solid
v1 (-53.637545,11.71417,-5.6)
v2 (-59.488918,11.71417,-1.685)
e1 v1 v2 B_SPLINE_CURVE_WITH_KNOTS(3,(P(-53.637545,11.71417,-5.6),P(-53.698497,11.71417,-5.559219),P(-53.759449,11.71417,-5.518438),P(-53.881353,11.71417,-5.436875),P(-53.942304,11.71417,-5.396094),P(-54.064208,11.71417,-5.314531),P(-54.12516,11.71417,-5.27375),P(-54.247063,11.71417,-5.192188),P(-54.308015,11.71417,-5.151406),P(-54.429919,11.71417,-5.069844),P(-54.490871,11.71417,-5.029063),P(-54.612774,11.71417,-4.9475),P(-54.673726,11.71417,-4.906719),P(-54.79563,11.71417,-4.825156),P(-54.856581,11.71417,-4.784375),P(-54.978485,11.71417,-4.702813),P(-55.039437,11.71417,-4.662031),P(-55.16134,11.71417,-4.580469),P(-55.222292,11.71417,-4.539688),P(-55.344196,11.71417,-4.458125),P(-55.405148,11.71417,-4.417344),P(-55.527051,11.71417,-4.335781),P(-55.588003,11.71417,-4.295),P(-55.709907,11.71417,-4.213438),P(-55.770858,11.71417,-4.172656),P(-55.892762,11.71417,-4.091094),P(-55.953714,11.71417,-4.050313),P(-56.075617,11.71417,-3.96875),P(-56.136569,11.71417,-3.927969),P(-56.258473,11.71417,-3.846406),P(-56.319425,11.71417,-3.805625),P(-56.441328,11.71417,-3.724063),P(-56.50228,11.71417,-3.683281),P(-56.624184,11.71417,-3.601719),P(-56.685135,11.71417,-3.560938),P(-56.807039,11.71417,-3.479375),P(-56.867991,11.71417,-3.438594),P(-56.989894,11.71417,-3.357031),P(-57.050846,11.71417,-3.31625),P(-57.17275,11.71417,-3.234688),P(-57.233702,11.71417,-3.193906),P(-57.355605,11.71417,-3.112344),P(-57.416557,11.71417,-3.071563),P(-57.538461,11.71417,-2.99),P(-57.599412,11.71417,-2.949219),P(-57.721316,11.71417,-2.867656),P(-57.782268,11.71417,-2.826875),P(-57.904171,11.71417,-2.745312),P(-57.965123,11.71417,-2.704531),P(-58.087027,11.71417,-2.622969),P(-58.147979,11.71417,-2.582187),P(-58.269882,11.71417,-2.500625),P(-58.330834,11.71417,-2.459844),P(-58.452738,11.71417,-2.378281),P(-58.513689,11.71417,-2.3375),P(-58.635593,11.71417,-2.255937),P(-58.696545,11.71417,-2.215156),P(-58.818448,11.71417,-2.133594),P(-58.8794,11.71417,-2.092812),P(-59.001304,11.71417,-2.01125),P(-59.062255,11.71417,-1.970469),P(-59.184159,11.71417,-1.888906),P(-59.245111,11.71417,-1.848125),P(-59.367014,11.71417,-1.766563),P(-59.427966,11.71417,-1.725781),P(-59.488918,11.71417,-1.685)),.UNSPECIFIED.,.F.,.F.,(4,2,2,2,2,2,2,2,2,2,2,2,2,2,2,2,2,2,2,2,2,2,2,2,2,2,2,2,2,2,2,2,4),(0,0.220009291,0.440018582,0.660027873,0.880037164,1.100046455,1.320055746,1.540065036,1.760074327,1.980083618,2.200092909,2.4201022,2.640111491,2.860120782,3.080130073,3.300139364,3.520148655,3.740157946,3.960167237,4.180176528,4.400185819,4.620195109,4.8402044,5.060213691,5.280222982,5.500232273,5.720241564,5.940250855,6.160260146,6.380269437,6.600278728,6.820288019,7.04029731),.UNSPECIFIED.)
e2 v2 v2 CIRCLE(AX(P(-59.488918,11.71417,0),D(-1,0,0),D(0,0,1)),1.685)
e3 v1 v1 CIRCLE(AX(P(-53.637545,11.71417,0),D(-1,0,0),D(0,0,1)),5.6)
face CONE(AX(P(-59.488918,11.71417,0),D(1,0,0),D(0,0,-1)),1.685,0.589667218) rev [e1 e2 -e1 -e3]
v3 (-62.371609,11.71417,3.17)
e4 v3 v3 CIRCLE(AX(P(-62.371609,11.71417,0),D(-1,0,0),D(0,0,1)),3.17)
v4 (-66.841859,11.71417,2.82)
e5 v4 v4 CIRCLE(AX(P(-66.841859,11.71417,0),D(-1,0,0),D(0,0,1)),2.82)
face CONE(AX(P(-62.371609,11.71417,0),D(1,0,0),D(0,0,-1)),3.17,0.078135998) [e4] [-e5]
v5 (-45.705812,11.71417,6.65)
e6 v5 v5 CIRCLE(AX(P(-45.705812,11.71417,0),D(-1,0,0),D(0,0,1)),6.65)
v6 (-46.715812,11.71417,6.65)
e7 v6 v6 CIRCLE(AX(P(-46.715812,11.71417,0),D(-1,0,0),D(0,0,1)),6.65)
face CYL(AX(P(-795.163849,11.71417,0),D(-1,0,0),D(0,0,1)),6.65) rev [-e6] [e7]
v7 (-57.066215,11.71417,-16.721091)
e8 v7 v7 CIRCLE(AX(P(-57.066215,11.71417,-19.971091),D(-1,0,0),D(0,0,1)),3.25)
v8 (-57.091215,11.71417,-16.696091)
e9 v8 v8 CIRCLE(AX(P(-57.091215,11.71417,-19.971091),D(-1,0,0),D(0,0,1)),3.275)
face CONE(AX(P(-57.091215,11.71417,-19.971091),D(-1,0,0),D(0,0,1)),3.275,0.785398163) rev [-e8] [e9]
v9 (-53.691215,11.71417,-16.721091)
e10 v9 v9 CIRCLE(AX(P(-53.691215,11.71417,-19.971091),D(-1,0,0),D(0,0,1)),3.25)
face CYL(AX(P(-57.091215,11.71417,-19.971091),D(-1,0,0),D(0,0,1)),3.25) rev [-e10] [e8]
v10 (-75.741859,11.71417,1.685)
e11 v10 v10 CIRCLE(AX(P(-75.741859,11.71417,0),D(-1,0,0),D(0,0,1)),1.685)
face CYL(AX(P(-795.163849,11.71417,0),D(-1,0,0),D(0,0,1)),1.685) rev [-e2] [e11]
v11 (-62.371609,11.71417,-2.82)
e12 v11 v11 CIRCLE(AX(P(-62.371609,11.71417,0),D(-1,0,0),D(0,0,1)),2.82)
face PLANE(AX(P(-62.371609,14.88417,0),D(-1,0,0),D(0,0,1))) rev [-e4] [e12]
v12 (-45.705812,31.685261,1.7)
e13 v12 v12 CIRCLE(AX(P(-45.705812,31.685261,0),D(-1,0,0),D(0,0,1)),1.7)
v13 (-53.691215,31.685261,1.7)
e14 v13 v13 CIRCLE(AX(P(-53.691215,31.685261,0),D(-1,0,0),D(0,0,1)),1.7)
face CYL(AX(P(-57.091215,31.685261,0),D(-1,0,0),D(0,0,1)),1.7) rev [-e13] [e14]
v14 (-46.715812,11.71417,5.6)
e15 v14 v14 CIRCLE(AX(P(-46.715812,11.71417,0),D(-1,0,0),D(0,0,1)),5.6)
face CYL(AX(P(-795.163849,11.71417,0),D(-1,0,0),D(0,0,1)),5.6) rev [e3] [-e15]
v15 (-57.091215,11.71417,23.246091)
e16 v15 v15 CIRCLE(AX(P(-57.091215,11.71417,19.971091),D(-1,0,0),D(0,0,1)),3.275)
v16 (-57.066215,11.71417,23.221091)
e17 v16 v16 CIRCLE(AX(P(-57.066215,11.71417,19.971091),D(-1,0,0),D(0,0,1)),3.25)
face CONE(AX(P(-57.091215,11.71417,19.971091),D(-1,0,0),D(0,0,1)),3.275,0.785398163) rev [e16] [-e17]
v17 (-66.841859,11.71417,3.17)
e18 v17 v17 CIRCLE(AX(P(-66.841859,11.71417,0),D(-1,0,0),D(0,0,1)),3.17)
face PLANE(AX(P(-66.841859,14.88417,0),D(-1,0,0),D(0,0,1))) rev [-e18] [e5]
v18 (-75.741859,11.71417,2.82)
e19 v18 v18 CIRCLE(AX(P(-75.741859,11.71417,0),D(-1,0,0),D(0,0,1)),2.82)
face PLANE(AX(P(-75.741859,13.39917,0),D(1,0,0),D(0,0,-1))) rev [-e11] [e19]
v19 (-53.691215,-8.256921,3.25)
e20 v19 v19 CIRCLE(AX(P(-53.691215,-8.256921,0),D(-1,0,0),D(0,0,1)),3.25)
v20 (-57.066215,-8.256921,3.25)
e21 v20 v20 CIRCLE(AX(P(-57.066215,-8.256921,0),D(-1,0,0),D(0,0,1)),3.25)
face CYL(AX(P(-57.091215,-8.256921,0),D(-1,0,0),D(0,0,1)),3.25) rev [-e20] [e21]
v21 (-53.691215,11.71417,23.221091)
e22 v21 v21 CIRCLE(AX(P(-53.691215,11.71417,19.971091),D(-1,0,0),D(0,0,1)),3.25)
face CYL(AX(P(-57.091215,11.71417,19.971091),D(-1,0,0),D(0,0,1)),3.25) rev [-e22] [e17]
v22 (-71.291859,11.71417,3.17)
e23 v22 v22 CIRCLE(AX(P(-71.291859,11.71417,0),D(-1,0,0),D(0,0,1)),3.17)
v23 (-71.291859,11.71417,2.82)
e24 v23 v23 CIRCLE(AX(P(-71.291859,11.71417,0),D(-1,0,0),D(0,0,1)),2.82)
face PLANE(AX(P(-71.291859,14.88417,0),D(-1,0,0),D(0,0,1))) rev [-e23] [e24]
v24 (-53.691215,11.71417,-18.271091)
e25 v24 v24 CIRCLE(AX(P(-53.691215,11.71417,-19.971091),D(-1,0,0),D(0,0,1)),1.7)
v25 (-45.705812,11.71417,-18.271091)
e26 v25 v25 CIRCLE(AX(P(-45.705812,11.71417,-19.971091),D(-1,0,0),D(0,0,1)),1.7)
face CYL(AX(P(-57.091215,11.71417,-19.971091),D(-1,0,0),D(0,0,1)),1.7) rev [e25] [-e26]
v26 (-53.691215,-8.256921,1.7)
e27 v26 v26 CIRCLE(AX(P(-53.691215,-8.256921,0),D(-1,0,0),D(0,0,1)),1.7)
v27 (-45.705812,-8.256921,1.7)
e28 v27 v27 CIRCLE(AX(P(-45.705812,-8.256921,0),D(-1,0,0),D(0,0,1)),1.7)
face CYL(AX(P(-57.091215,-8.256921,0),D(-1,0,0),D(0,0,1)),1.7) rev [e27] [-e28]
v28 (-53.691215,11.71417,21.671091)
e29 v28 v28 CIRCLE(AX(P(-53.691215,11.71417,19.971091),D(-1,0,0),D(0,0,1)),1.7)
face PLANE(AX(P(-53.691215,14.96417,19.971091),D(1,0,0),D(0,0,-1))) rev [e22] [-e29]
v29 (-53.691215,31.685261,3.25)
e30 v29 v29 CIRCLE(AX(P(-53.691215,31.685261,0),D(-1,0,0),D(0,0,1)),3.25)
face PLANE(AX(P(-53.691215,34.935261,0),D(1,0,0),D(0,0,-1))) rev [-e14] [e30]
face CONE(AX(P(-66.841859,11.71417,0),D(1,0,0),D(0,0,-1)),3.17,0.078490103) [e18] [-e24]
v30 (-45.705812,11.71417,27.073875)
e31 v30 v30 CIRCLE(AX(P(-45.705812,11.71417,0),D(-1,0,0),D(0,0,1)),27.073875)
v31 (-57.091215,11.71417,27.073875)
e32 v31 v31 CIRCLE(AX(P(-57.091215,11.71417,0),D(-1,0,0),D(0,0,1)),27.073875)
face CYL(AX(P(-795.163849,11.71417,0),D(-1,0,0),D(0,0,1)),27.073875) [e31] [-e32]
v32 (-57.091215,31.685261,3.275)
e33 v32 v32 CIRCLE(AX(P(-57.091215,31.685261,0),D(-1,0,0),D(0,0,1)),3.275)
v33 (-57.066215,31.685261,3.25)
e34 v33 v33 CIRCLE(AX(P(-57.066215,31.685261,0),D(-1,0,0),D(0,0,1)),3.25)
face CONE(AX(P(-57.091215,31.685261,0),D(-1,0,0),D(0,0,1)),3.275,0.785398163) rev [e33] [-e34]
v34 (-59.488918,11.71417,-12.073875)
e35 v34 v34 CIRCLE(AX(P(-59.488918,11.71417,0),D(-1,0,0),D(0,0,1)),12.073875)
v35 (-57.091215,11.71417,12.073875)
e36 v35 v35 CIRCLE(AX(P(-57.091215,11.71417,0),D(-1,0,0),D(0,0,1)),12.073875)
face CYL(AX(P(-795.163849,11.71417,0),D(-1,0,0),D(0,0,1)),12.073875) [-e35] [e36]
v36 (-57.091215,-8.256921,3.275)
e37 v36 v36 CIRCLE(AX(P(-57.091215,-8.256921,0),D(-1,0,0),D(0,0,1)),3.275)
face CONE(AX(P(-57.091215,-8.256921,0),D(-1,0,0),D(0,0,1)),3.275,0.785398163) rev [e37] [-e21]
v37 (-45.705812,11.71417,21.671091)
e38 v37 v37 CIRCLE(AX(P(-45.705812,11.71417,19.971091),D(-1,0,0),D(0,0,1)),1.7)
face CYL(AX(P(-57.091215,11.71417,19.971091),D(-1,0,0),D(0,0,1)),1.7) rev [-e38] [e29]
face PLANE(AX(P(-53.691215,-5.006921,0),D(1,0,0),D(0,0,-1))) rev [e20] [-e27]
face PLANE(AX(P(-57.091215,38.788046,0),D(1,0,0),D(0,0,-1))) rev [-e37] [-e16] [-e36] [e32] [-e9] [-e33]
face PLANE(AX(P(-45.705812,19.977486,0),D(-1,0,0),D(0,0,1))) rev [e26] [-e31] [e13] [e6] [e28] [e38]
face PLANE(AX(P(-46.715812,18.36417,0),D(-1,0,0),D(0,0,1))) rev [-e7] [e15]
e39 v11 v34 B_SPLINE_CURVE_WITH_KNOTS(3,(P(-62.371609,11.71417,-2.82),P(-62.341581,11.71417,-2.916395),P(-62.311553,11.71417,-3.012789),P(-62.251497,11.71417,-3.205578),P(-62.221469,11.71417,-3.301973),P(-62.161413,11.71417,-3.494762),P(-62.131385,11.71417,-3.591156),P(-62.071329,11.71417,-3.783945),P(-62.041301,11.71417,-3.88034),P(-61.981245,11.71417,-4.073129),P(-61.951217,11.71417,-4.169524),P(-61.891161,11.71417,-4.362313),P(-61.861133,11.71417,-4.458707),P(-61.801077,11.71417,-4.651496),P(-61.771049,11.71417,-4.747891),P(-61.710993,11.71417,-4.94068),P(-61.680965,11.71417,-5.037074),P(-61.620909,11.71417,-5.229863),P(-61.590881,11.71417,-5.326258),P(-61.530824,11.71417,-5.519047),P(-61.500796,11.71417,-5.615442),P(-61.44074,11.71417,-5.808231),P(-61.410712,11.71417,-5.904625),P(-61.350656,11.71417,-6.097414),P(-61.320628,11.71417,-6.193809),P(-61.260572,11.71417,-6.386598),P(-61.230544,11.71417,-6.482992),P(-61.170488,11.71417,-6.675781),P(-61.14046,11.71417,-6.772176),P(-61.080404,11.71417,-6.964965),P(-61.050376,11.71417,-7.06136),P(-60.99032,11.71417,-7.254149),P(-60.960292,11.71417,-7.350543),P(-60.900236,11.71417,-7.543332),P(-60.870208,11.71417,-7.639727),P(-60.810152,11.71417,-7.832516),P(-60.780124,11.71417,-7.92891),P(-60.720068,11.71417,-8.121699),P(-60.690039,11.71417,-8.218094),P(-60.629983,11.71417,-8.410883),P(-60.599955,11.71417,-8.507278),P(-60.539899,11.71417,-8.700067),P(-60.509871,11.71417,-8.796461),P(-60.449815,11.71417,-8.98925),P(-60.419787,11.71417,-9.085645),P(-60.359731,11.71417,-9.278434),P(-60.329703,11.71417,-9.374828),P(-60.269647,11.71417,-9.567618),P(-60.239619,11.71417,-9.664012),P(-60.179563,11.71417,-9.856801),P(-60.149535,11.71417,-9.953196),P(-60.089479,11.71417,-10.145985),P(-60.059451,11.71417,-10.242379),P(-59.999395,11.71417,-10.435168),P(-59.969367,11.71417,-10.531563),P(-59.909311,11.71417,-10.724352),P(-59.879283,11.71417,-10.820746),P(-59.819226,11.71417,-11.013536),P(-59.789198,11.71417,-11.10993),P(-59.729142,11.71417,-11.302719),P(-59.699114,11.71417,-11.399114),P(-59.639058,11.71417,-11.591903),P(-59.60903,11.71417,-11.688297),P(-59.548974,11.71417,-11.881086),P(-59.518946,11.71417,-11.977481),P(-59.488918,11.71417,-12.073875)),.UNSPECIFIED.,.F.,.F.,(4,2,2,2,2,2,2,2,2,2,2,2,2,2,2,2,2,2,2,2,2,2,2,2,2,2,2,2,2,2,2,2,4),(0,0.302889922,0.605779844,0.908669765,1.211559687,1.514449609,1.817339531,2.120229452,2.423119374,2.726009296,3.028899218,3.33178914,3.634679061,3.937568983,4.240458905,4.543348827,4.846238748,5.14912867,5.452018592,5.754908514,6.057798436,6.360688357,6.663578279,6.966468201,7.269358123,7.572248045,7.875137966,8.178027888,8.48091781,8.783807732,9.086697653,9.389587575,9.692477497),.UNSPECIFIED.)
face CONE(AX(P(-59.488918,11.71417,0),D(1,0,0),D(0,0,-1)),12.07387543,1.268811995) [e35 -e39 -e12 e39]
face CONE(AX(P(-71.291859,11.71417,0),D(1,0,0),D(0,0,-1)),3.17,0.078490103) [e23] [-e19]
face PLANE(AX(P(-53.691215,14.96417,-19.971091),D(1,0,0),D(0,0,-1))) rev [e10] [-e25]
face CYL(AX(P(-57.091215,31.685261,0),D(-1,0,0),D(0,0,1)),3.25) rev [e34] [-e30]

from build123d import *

# Parameters (mm, degrees)
CBORE_FOR_M3_HEX_SOCKET_HEAD_CAP_SCR_2_COUNT = 2
CBORE_FOR_M3_HEX_SOCKET_HEAD_CAP_SCR_2_PITCH = 28.243387552
CBORE_FOR_M3_HEX_SOCKET_HEAD_CAP_SCR_3_COUNT = 2
CBORE_FOR_M3_HEX_SOCKET_HEAD_CAP_SCR_3_PITCH = 39.942181723
CBORE_FOR_M3_HEX_SOCKET_HEAD_CAP_SCR_4_COUNT = 2
CBORE_FOR_M3_HEX_SOCKET_HEAD_CAP_SCR_4_PITCH = 28.243387552


with BuildPart() as part:
    # Sketch1 → Revolve17 (revolve)
    with BuildSketch(Plane.XY, mode=Mode.PRIVATE) as revolve17_sk:
        Polygon((-71.291859268, 14.884170222), (-71.291859268, 14.534170222), (-66.841859268, 14.884170222), (-66.841859268, 14.534170222), (-62.371609448, 14.884170222), (-62.371609448, 14.534170222), (-59.488918076, 23.788045652), (-57.091214807, 23.788045652), (-57.091214807, 38.788045652), (-45.705811648, 38.788045652), (-45.705811648, 19.977485582), (-45.705811648, 18.364170222), (-46.715811648, 18.364170222), (-46.715811648, 17.314170222), (-53.637545484, 17.314170222), (-59.488918076, 13.399170222), (-75.741859268, 13.399170222), (-75.741859268, 14.534170222), align=None)
    revolve(revolve17_sk.sketch.rotate(Axis((-795.163849313, 11.714170222, 0), (1, 0, 0)), 90), axis=Axis((-795.163849313, 11.714170222, 0), (1, 0, 0)))

    # Sketch4 → CBORE for M3 Hex Socket Head Cap Screw1 (revolve, cut)
    with BuildSketch(Plane(origin=(-57.091214807, 11.714170222, -19.971090862), x_dir=(0, 0, 1), z_dir=(0, 1, 0))):
        Polygon((0, 0), (0, 11.385403159), (1.7, 11.385403159), (1.7, 3.4), (3.25, 3.4), (3.25, 0.025), (3.275, 0), align=None)
    cbore_for_m3_hex_socket_head_cap_screw1 = revolve(axis=Axis((-63.441214807, 11.714170222, -19.971090862), (1, 0, 0)), mode=Mode.SUBTRACT)

    # CBORE for M3 Hex Socket Head Cap Scr 2: CBORE for M3 Hex Socket Head Cap Screw1 ×2
    with Locations(*[Vector(0, 0.7071067811865475, 0.7071067811865476) * (i * CBORE_FOR_M3_HEX_SOCKET_HEAD_CAP_SCR_2_PITCH) for i in range(1, CBORE_FOR_M3_HEX_SOCKET_HEAD_CAP_SCR_2_COUNT)]):
        add(cbore_for_m3_hex_socket_head_cap_screw1, mode=Mode.SUBTRACT)

    # CBORE for M3 Hex Socket Head Cap Scr 3: CBORE for M3 Hex Socket Head Cap Screw1 ×2
    with Locations(*[(0, 0, i * CBORE_FOR_M3_HEX_SOCKET_HEAD_CAP_SCR_3_PITCH) for i in range(1, CBORE_FOR_M3_HEX_SOCKET_HEAD_CAP_SCR_3_COUNT)]):
        add(cbore_for_m3_hex_socket_head_cap_screw1, mode=Mode.SUBTRACT)

    # CBORE for M3 Hex Socket Head Cap Scr 4: CBORE for M3 Hex Socket Head Cap Screw1 ×2
    with Locations(*[Vector(0, -0.7071067811865476, 0.7071067811865475) * (i * CBORE_FOR_M3_HEX_SOCKET_HEAD_CAP_SCR_4_PITCH) for i in range(1, CBORE_FOR_M3_HEX_SOCKET_HEAD_CAP_SCR_4_COUNT)]):
        add(cbore_for_m3_hex_socket_head_cap_screw1, mode=Mode.SUBTRACT)


solid = part.part
